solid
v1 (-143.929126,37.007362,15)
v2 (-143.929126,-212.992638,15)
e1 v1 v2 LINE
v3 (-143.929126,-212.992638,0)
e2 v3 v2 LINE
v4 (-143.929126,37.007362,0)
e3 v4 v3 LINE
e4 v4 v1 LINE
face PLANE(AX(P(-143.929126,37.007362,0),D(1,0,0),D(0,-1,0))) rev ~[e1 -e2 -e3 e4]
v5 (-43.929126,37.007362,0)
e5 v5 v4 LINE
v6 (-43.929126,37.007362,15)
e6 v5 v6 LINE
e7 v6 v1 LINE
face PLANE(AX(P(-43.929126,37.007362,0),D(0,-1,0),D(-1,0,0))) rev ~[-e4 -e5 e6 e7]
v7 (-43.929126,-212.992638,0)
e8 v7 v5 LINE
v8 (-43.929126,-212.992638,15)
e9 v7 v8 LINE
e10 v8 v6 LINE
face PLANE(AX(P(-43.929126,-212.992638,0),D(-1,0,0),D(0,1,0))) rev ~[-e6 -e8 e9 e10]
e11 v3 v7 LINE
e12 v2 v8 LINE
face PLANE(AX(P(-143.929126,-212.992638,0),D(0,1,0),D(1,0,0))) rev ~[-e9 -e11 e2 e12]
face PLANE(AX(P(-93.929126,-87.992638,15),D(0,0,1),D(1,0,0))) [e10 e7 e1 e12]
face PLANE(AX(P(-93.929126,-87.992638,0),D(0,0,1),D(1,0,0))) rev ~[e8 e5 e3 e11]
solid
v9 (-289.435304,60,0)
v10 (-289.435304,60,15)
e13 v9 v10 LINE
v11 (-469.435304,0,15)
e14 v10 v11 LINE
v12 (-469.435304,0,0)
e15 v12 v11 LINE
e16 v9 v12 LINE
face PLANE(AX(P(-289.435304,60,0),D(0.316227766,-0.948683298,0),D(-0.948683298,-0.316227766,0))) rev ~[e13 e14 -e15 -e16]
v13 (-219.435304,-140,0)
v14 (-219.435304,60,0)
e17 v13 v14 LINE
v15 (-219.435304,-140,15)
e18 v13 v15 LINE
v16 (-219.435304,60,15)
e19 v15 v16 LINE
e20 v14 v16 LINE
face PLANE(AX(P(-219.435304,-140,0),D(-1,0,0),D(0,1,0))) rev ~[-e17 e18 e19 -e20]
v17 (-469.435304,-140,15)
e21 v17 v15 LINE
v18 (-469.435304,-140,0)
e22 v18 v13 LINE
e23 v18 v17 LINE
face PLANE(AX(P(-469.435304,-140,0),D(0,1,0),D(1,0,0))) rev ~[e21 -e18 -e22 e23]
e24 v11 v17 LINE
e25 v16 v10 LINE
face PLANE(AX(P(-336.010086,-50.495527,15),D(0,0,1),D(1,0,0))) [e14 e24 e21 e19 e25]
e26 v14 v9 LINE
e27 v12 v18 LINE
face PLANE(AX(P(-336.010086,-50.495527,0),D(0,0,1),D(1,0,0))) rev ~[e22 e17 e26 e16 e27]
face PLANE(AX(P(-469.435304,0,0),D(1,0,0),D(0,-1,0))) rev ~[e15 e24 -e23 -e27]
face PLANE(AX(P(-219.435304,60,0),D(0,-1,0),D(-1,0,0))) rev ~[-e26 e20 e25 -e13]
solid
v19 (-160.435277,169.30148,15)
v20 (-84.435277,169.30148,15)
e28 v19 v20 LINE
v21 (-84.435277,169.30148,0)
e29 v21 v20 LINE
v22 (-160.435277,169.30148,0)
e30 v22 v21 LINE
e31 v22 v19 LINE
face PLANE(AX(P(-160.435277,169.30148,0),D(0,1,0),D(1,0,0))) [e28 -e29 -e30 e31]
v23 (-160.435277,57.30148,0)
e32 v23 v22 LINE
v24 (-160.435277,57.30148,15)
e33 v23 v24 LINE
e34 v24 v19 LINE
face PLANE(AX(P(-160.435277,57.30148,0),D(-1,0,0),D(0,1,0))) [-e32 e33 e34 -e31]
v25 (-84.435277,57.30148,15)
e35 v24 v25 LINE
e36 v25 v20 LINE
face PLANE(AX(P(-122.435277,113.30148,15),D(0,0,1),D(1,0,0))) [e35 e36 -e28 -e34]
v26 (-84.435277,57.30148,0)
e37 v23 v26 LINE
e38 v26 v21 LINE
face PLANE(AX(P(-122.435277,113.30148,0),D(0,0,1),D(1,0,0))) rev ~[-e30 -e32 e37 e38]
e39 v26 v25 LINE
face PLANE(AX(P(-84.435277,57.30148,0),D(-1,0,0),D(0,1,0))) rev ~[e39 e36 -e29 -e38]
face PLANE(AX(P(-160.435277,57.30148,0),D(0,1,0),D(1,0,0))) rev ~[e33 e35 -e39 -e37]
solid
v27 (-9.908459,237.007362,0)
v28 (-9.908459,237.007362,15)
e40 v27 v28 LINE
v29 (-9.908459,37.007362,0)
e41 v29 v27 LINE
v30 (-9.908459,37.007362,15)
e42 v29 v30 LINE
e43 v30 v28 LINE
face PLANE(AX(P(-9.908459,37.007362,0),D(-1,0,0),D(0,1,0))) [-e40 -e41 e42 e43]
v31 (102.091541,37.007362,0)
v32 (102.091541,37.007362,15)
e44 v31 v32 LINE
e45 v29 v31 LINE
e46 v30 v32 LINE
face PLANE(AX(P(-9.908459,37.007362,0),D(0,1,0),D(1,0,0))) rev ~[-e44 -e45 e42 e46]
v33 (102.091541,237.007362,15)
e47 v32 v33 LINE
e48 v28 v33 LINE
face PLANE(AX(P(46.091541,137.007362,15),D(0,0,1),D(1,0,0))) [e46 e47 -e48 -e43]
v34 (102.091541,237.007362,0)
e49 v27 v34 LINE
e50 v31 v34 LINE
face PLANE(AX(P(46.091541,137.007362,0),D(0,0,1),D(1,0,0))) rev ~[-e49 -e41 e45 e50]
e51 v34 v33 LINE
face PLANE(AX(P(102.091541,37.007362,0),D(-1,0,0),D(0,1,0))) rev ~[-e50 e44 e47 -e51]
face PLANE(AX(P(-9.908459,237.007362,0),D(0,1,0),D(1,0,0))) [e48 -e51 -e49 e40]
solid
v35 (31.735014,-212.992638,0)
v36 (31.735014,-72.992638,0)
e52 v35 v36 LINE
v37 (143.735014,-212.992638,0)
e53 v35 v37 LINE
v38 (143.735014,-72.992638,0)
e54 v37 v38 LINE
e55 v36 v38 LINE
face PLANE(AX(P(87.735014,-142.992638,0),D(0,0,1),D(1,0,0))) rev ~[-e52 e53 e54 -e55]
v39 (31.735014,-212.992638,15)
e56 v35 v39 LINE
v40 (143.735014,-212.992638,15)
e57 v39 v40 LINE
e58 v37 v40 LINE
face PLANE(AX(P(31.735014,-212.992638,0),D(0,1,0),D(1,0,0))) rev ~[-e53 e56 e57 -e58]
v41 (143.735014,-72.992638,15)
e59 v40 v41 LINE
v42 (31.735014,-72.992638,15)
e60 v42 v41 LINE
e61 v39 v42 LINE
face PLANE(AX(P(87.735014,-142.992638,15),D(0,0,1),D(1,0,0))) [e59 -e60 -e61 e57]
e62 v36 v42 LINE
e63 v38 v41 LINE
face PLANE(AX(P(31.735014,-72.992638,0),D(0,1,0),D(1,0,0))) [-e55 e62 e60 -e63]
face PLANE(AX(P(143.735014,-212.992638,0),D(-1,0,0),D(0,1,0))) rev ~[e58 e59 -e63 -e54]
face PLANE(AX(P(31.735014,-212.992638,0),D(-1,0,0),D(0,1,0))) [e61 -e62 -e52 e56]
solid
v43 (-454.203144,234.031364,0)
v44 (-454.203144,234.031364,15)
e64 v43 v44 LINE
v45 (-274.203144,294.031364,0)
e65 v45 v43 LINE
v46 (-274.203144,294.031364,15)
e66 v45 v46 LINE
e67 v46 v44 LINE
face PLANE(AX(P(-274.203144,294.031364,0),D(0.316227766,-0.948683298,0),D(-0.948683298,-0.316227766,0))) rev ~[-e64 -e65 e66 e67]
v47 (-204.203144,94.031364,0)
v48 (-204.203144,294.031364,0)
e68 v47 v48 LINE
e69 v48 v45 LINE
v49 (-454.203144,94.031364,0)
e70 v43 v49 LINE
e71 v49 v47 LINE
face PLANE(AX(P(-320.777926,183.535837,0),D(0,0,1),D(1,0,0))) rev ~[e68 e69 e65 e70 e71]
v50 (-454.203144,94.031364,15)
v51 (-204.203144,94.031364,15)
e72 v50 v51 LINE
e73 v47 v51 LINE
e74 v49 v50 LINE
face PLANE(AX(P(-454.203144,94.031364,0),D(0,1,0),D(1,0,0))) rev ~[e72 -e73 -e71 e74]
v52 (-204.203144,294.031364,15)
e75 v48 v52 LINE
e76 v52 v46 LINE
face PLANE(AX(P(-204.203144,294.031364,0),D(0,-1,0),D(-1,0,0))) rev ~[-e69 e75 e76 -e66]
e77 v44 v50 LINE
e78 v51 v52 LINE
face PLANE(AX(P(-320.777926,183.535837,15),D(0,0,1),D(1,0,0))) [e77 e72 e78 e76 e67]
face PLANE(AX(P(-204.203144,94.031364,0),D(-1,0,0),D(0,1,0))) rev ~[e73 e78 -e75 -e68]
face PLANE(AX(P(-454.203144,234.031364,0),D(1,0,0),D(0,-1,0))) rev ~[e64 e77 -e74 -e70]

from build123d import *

# Parameters (mm, degrees)
F0_W     = 112
F0_H     = 200
F0_H_2   = 140
F0_W_2   = 76
F0_H_3   = 112
F1_DEPTH = 15


with BuildPart() as f1:
    # F0 (on Top) → F1 (new body)
    with BuildSketch(Plane.XY):
        Polygon((-43.929126, 3.552402), (-43.929126, 37.007362), (-143.929126, 37.007362), (-143.929126, -212.992638), (-43.929126, -212.992638), align=None)
        with Locations((46.091541, 137.007362)):
            Rectangle(F0_W, F0_H)
        with Locations((87.735014, -142.992638)):
            Rectangle(F0_W, F0_H_2)
        with Locations((-122.435277, 113.30148)):
            Rectangle(F0_W_2, F0_H_3)
        Polygon((-219.435304, 60), (-289.435304, 60), (-469.435304, 0), (-469.435304, -140), (-219.435304, -140), align=None)
        Polygon((-204.203144, 294.031364), (-274.203144, 294.031364), (-454.203144, 234.031364), (-454.203144, 94.031364), (-204.203144, 94.031364), align=None)
    extrude(amount=F1_DEPTH)


solid = f1.part
